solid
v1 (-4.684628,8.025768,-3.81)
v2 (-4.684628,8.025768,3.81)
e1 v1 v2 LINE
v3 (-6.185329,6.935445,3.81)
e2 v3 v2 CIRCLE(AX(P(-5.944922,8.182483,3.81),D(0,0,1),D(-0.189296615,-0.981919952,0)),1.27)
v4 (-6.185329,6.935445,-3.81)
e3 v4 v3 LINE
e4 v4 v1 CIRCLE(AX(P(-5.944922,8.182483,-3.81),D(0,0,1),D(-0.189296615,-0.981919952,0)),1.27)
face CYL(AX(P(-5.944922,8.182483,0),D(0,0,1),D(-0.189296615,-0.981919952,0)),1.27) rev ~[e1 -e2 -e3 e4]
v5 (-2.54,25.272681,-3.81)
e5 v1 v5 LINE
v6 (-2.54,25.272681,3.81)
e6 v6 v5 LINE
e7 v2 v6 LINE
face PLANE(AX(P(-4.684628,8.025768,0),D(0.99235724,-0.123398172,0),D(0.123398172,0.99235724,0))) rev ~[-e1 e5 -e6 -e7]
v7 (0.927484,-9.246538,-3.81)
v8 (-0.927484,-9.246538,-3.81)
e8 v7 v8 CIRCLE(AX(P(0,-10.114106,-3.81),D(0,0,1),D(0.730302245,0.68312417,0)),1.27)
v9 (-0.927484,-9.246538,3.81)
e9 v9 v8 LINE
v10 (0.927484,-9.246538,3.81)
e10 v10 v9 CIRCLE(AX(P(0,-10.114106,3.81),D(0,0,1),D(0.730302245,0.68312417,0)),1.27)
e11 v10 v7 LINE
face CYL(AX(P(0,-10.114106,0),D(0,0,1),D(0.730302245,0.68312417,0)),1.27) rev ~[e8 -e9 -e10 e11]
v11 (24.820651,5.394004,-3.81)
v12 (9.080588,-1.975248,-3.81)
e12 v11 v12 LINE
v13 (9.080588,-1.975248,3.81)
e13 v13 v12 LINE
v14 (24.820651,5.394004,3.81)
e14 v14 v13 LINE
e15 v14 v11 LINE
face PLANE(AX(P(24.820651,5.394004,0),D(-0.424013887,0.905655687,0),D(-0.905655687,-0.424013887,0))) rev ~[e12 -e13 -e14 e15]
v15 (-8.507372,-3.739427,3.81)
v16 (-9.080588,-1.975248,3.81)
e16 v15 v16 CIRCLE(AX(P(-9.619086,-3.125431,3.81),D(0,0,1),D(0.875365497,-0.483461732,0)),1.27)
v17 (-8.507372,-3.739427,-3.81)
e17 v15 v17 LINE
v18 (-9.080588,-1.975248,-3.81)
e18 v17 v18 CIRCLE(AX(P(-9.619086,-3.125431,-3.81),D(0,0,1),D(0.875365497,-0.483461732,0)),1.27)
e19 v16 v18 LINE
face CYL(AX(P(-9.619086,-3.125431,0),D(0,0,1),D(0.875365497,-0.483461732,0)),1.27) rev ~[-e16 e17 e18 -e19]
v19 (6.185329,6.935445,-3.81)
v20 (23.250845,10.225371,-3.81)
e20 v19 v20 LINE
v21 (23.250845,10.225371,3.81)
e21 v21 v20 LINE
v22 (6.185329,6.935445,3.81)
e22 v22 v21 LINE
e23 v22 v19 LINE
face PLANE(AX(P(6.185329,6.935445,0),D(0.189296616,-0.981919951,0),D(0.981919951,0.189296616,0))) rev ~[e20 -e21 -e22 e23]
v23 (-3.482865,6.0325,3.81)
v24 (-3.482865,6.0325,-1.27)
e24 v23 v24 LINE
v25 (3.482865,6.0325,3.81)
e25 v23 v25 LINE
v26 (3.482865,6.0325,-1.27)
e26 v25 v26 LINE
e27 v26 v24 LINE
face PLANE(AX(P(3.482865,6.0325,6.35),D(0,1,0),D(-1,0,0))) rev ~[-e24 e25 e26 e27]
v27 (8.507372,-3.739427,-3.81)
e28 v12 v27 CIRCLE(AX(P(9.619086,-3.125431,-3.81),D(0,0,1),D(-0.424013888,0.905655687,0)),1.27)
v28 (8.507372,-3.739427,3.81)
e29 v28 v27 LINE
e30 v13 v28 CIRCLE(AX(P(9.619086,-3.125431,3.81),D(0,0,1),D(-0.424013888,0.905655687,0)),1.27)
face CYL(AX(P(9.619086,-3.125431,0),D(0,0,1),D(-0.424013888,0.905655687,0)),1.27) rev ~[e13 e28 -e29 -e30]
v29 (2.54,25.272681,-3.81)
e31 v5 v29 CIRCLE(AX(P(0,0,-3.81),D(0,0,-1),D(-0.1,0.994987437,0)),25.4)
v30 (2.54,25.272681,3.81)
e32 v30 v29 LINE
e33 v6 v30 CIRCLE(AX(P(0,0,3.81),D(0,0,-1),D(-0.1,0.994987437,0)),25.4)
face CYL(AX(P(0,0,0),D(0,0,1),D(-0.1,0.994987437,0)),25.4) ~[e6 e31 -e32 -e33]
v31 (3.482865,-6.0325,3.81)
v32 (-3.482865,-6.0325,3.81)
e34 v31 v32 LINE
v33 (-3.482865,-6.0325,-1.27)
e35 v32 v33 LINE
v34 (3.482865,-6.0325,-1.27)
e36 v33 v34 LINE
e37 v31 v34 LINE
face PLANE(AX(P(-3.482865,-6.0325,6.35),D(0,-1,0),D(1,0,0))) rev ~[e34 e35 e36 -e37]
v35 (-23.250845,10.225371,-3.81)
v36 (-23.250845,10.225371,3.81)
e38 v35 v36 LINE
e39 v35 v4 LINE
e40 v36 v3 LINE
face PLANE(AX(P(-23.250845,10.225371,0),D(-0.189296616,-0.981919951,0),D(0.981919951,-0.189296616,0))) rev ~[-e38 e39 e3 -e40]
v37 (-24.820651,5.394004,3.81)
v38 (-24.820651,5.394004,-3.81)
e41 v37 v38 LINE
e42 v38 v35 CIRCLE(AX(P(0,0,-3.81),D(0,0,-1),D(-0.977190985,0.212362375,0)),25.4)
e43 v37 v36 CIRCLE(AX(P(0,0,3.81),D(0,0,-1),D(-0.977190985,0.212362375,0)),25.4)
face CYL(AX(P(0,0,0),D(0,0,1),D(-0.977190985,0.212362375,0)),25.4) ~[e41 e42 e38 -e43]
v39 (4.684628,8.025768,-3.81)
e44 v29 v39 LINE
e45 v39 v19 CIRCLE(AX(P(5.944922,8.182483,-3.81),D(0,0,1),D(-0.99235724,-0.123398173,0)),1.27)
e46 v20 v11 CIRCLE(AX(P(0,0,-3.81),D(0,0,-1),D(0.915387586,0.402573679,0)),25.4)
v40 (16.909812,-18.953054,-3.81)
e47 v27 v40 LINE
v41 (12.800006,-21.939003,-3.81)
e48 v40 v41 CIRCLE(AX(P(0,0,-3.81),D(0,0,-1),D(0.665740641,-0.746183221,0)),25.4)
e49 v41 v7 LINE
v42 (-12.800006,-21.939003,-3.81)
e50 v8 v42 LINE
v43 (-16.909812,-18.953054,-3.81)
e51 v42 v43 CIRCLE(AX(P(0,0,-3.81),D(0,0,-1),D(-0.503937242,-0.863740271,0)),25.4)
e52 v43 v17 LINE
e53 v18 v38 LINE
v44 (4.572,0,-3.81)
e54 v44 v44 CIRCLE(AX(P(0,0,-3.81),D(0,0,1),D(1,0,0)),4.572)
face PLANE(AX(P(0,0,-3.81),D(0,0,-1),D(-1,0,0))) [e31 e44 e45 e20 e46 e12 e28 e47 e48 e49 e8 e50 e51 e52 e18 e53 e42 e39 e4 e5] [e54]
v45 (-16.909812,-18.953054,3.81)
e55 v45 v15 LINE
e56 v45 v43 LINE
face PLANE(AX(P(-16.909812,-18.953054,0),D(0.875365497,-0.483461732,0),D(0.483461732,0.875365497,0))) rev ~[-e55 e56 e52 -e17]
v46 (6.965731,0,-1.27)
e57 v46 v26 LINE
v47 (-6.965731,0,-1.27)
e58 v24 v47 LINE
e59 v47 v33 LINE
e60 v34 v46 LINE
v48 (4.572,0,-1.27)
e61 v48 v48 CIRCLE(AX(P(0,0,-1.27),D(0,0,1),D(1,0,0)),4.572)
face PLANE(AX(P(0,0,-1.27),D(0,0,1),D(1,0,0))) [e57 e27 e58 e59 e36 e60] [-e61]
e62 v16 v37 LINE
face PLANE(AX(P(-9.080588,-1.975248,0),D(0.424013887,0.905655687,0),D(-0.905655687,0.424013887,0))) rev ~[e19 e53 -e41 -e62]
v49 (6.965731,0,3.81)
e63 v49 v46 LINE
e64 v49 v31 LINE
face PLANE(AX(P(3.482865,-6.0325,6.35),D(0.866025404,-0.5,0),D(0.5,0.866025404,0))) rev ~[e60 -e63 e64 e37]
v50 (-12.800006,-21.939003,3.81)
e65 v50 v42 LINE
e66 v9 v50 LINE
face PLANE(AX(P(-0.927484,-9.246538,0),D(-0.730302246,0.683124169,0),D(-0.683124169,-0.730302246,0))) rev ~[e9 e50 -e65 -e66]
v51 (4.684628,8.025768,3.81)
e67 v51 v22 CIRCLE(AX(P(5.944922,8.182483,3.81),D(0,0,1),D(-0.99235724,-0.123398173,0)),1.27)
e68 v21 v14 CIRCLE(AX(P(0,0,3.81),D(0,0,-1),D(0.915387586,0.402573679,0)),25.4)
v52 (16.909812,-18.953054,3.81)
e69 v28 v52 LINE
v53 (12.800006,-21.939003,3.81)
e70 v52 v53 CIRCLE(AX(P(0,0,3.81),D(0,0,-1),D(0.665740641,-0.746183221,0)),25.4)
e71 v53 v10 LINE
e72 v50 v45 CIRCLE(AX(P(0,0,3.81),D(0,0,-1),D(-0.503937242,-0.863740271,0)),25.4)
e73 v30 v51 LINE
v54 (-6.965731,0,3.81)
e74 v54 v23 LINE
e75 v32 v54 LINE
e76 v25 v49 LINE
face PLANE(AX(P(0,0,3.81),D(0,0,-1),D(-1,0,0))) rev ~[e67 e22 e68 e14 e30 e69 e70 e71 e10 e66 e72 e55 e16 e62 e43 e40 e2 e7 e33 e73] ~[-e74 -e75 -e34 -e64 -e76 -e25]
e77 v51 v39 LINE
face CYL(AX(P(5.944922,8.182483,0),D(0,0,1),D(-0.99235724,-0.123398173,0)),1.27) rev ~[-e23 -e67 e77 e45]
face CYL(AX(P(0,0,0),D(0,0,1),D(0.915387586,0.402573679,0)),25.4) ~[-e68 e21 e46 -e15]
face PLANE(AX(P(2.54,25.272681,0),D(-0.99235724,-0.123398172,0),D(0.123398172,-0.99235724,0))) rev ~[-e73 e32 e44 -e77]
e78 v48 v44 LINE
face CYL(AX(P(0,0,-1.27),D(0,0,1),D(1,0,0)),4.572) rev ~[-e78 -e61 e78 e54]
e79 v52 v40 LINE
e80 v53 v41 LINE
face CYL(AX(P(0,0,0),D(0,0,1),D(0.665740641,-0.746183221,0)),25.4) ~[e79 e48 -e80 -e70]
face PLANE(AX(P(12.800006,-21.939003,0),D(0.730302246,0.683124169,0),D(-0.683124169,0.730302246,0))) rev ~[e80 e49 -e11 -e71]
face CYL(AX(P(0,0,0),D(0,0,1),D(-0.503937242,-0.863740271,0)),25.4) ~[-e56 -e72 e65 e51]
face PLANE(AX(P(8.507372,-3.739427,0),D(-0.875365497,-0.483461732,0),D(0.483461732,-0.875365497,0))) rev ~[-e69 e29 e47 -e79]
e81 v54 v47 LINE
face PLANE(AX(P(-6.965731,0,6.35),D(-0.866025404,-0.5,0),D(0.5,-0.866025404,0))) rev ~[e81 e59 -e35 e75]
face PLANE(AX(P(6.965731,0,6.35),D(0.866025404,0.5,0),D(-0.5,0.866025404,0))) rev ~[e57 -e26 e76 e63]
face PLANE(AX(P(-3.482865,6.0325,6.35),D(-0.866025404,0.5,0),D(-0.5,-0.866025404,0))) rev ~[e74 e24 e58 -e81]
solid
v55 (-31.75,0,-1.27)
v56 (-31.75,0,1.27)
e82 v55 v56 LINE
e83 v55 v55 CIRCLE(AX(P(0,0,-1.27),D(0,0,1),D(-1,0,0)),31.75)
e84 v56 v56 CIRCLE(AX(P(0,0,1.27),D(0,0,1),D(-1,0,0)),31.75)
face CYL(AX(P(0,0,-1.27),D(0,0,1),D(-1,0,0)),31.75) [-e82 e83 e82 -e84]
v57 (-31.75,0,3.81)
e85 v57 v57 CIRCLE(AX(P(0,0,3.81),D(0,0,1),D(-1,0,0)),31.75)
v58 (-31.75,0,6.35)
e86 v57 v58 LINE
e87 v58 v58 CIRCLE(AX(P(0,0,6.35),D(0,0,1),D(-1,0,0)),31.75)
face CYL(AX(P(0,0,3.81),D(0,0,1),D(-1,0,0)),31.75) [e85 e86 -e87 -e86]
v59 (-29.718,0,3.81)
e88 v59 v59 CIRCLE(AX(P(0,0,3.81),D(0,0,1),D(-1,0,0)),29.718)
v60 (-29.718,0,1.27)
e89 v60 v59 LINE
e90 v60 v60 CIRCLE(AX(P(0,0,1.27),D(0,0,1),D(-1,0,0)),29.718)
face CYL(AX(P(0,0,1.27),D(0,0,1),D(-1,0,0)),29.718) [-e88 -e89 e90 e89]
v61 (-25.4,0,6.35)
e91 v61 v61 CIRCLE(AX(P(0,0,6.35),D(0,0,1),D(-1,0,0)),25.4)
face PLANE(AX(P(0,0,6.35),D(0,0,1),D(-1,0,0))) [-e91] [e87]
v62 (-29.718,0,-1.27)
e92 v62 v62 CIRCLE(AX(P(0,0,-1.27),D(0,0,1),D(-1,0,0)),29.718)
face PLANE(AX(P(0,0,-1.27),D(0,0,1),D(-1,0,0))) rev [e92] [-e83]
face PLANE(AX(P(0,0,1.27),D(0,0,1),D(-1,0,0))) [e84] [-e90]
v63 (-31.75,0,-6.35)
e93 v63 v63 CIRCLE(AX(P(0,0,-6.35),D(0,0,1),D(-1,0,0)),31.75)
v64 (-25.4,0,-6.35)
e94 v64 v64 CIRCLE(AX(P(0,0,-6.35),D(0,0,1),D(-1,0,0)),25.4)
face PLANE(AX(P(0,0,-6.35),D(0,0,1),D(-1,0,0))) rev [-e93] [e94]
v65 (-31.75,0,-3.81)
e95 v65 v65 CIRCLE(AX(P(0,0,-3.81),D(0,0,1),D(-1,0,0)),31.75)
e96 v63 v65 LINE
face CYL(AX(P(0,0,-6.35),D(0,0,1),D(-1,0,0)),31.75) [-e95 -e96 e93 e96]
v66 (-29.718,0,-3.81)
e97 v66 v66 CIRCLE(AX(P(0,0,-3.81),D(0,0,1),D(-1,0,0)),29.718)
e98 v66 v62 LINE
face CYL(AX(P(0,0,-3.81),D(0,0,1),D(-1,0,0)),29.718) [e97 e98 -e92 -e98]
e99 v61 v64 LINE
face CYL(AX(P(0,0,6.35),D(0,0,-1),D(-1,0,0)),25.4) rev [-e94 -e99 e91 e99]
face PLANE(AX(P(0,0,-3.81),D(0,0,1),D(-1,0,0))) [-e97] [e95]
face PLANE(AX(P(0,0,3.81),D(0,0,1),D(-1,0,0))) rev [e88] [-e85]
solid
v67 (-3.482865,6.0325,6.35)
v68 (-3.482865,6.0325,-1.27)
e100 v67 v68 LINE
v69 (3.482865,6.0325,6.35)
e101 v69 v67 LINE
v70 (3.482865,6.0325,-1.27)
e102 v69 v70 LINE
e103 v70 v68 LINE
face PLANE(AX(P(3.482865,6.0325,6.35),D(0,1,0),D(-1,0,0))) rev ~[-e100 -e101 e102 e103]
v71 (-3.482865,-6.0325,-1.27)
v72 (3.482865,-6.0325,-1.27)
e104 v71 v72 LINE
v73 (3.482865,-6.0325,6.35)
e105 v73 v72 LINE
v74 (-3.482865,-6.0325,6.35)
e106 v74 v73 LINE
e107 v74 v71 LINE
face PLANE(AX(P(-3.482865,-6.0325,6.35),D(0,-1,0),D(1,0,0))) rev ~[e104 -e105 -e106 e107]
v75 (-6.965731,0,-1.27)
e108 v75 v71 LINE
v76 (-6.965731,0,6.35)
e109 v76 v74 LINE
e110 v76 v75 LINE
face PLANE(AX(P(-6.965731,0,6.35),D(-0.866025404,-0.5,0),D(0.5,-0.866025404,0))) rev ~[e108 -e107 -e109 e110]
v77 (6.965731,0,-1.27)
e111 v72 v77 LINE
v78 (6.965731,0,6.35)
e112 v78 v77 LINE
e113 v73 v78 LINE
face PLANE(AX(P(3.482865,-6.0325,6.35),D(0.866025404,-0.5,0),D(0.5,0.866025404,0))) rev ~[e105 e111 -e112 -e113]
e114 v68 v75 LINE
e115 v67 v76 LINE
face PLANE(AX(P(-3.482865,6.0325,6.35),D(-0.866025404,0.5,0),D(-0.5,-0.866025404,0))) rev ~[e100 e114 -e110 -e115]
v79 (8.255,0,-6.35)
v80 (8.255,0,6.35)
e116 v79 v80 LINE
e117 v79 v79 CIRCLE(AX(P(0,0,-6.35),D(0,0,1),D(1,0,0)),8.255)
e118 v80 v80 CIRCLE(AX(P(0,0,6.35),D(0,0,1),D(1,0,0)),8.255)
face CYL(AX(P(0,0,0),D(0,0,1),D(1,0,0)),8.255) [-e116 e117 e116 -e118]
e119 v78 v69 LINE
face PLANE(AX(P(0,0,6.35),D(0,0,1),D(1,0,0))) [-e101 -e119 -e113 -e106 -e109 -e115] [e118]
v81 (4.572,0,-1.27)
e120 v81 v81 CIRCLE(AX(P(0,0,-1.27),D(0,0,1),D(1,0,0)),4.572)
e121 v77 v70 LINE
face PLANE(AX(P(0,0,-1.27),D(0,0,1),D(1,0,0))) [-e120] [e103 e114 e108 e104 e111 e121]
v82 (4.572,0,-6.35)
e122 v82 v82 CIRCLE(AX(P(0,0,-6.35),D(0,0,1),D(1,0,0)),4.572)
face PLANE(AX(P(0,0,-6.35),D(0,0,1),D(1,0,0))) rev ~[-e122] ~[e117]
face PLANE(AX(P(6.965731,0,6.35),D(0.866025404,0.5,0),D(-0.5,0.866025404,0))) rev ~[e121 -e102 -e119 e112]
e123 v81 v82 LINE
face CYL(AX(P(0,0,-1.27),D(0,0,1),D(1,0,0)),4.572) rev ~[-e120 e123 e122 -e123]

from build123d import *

# Parameters (mm, degrees)
SKETCH2_R           = 8.255
BOSS_EXTRUDE1_DEPTH = 6.35
BOSS_EXTRUDE3_DEPTH = 3.81
CUT_EXTRUDE1_DEPTH  = 7.62
SKETCH5_R           = 4.572
CUT_EXTRUDE2_DEPTH  = 6.08


with BuildPart() as part:
    # Sketch1 → Revolve1 (revolve)
    with BuildSketch(Plane(origin=(0, 0, 0), x_dir=(1, 0, 0), z_dir=(0, 1, 0))):
        Polygon((-25.4, 6.35), (-31.75, 6.35), (-31.75, 3.81), (-29.718, 3.81), (-29.718, 1.27), (-31.75, 1.27), (-31.75, -1.27), (-29.718, -1.27), (-29.718, -3.81), (-31.75, -3.81), (-31.75, -6.35), (-25.4, -6.35), align=None)
    revolve(axis=Axis((0, 0, -7.15010339), (0, 0, 1)))


with BuildPart() as body_2:
    # Sketch2 → Boss-Extrude1 (new body, symmetric)
    with BuildSketch(Plane.XY):
        Circle(SKETCH2_R)
    extrude(amount=BOSS_EXTRUDE1_DEPTH, both=True)


with BuildPart() as body_3:
    # Sketch3 → Boss-Extrude3 (new body, symmetric)
    with BuildSketch(Plane.XY):
        with BuildLine():
            Line((-4.684628445, 8.025767673), (-2.54, 25.272680903))
            ThreePointArc((-2.54, 25.272680903), (0, 25.4), (2.54, 25.272680903))
            Line((2.54, 25.272680903), (4.684628445, 8.025767673))
            ThreePointArc((4.684628445, 8.025767673), (5.198434869, 7.155031769), (6.185328842, 6.935445013))
            Line((6.185328842, 6.935445013), (23.250844691, 10.225371444))
            ThreePointArc((23.250844691, 10.225371444), (24.156835514, 7.849031657), (24.820651022, 5.394004341))
            Line((24.820651022, 5.394004341), (9.080588446, -1.975247805))
            ThreePointArc((9.080588446, -1.975247805), (8.411244307, -2.732978945), (8.507371901, -3.739426928))
            Line((8.507371901, -3.739426928), (16.909812286, -18.953053803))
            ThreePointArc((16.909812286, -18.953053803), (14.929745408, -20.549031657), (12.800005955, -21.939002884))
            Line((12.800005955, -21.939002884), (0.927483852, -9.246537953))
            ThreePointArc((0.927483852, -9.246537953), (0, -8.844105648), (-0.927483852, -9.246537953))
            Line((-0.927483852, -9.246537953), (-12.800005955, -21.939002884))
            ThreePointArc((-12.800005955, -21.939002884), (-14.929745408, -20.549031657), (-16.909812286, -18.953053803))
            Line((-16.909812286, -18.953053803), (-8.507371901, -3.739426928))
            ThreePointArc((-8.507371901, -3.739426928), (-8.411244307, -2.732978945), (-9.080588446, -1.975247805))
            Line((-9.080588446, -1.975247805), (-24.820651022, 5.394004341))
            ThreePointArc((-24.820651022, 5.394004341), (-24.156835514, 7.849031657), (-23.250844691, 10.225371444))
            Line((-23.250844691, 10.225371444), (-6.185328842, 6.935445013))
            ThreePointArc((-6.185328842, 6.935445013), (-5.198434869, 7.155031769), (-4.684628445, 8.025767673))
        make_face()
    extrude(amount=BOSS_EXTRUDE3_DEPTH, both=True)


with BuildPart() as cut_extrude1_tool:
    # Sketch4 → Cut-Extrude1 (new body)
    with BuildSketch(Plane.XY.offset(6.35)):
        Polygon((3.482865499, 6.0325), (-3.482865499, 6.0325), (-6.965730998, 0), (-3.482865499, -6.0325), (3.482865499, -6.0325), (6.965730998, 0), align=None)
    extrude(amount=-CUT_EXTRUDE1_DEPTH)


with BuildPart() as body_2_1:
    add(body_2.part)

    # Cut-Extrude1: cut by cut_extrude1_tool
    add(cut_extrude1_tool.part, mode=Mode.SUBTRACT)


with BuildPart() as body_3_1:
    add(body_3.part)

    # Cut-Extrude1: cut by cut_extrude1_tool
    add(cut_extrude1_tool.part, mode=Mode.SUBTRACT)


with BuildPart() as cut_extrude2_tool:
    # Sketch5 → Cut-Extrude2 (new body, through all)
    with BuildSketch(Plane.XY.offset(-1.27)):
        Circle(SKETCH5_R)
    extrude(amount=-CUT_EXTRUDE2_DEPTH)


with BuildPart() as body_2_2:
    add(body_2_1.part)

    # Cut-Extrude2: cut by cut_extrude2_tool
    add(cut_extrude2_tool.part, mode=Mode.SUBTRACT)


with BuildPart() as body_3_2:
    add(body_3_1.part)

    # Cut-Extrude2: cut by cut_extrude2_tool
    add(cut_extrude2_tool.part, mode=Mode.SUBTRACT)


solid = Compound([part.part, body_2_2.part, body_3_2.part])
